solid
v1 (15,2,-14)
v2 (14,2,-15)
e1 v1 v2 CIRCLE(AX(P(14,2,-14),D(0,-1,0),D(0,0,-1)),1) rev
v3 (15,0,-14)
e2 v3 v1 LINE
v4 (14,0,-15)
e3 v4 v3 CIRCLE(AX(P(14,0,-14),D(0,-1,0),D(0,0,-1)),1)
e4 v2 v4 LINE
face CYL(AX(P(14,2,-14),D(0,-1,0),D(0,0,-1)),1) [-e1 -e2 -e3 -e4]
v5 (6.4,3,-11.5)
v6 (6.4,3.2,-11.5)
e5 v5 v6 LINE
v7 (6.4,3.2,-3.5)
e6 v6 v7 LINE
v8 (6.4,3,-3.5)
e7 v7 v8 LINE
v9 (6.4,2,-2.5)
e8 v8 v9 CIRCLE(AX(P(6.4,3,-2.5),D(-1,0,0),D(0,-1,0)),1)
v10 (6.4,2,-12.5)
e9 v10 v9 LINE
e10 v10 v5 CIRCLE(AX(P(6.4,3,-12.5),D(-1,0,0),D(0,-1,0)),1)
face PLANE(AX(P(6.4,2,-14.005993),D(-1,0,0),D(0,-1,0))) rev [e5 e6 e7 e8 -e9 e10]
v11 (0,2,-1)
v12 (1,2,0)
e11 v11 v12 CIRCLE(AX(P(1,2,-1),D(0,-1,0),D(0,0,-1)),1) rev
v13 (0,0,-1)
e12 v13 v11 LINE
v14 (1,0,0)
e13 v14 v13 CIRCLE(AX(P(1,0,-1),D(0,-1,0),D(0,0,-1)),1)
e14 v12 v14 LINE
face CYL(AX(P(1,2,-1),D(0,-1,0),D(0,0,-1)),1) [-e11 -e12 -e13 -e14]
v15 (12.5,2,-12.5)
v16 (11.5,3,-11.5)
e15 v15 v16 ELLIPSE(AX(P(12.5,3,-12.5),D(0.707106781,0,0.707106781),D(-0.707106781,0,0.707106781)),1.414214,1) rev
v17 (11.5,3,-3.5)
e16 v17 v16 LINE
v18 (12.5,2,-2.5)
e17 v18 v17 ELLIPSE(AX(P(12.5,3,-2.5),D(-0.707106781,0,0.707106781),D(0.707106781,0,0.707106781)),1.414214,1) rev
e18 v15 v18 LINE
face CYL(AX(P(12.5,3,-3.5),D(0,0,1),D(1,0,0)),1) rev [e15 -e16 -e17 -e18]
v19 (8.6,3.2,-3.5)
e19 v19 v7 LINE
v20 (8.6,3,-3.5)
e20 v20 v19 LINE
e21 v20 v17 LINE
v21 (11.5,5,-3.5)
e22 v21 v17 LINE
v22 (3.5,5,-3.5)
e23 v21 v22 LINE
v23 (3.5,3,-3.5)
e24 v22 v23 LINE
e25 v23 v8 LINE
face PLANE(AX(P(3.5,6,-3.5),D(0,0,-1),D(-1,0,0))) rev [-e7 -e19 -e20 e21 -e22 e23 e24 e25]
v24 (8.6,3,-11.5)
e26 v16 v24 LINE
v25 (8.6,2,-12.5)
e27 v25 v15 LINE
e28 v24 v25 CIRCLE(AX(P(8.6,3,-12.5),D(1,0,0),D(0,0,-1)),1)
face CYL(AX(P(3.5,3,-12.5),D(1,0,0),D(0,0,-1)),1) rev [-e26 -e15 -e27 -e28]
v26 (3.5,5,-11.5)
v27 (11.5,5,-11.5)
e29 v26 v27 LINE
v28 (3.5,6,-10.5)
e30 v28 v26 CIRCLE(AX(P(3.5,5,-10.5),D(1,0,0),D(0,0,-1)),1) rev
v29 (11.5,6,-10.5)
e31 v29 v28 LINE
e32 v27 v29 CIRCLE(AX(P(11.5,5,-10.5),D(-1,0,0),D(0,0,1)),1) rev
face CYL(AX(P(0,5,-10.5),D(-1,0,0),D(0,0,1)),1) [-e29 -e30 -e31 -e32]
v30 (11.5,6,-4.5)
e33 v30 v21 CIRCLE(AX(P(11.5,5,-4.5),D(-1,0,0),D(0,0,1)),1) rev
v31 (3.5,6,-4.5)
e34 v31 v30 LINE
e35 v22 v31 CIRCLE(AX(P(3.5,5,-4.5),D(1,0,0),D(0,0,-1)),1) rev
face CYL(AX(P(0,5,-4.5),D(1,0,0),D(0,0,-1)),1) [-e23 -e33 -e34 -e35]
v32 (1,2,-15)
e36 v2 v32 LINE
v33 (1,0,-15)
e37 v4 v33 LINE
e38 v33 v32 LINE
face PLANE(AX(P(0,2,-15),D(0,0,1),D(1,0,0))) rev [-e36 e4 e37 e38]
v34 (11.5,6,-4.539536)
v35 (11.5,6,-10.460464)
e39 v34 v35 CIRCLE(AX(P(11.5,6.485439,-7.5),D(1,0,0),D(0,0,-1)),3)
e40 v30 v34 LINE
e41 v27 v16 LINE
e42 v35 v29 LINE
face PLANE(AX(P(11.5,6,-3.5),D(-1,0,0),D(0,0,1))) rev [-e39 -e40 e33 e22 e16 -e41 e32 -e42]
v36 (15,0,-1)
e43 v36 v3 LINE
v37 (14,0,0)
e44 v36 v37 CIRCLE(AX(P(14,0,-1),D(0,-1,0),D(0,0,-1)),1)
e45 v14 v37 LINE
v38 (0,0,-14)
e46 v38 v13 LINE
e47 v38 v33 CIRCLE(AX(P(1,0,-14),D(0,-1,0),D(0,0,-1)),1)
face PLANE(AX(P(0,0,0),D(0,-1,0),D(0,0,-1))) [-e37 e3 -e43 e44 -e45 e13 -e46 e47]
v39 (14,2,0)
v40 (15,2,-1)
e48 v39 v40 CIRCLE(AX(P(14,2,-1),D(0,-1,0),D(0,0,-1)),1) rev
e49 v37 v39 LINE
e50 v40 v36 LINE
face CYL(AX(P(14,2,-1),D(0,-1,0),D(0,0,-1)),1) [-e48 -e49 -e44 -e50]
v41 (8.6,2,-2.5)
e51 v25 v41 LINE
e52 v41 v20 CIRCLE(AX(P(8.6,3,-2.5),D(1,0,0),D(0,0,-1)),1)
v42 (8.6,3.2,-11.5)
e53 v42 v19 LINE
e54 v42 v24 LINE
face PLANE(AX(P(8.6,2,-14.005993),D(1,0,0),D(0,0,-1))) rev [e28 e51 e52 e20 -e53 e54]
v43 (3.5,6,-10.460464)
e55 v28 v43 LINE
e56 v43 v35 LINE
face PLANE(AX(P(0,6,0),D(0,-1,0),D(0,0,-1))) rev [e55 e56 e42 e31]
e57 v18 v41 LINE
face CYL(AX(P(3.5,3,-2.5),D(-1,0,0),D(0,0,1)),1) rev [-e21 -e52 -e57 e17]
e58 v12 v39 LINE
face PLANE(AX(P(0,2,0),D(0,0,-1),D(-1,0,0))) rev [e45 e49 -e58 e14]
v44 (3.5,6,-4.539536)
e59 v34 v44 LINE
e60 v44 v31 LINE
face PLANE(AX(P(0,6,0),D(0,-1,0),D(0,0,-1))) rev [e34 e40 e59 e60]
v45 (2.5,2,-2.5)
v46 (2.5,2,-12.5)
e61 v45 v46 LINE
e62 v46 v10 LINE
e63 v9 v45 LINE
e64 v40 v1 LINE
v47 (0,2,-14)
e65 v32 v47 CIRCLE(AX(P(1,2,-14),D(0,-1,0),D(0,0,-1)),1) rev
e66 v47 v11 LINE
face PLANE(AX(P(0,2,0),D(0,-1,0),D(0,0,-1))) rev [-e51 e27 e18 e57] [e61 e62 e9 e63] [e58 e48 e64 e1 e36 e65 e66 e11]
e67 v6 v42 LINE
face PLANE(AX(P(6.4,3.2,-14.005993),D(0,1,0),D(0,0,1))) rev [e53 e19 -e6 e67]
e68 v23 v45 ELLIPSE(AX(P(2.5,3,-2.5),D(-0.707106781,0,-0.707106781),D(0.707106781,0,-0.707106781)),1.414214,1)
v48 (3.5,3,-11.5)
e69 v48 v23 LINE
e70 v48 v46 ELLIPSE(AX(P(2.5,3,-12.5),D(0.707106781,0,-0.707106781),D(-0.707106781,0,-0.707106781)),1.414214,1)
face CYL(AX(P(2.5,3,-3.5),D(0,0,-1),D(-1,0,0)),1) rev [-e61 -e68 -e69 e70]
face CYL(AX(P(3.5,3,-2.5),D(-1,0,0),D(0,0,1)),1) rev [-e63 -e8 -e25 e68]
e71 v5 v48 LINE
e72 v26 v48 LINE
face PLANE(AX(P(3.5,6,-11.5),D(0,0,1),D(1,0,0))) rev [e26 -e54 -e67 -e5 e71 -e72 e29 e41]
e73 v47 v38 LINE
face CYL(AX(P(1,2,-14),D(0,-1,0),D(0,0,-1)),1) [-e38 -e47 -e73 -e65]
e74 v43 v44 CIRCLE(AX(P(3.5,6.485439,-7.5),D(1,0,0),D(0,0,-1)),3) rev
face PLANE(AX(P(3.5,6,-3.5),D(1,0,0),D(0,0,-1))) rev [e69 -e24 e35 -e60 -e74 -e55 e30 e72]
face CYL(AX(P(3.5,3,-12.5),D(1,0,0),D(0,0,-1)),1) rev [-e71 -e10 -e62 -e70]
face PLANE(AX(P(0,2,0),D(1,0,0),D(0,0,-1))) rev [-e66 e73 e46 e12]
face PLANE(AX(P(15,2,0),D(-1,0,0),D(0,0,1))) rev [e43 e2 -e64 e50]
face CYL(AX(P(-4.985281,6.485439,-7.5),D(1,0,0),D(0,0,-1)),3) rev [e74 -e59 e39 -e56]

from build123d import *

# Parameters (mm, degrees)
CROQUIS1_W              = 15
CROQUIS1_H              = 15
SALIENTE_EXTRUIR1_DEPTH = 2
CROQUIS2_W              = 8
CROQUIS2_H              = 8
SALIENTE_EXTRUIR2_DEPTH = 4
CROQUIS3_R              = 3
CORTAR_EXTRUIR1_DEPTH   = 8
CROQUIS4_W              = 2.2
CROQUIS4_H              = 1.2
CORTAR_EXTRUIR3_DEPTH   = 8
REDONDEO1_R             = 1


with BuildPart() as part:
    # Croquis1 → Saliente-Extruir1 (new body)
    with BuildSketch(Plane(origin=(0, 0, 0), x_dir=(1, 0, 0), z_dir=(0, 1, 0))):
        with Locations((7.5, 7.5)):
            Rectangle(CROQUIS1_W, CROQUIS1_H)
    extrude(amount=SALIENTE_EXTRUIR1_DEPTH)

    # Croquis2 → Saliente-Extruir2 (add)
    with BuildSketch(Plane(origin=(0, 2, 0), x_dir=(1, 0, 0), z_dir=(0, 1, 0))):
        with Locations((7.5, 7.5)):
            Rectangle(CROQUIS2_W, CROQUIS2_H)
    extrude(amount=SALIENTE_EXTRUIR2_DEPTH)

    # Croquis3 → Cortar-Extruir1 (cut)
    with BuildSketch(Plane(origin=(11.5, 0, 0), x_dir=(0, 0, -1), z_dir=(1, 0, 0))):
        with Locations((7.5, 6.485438982)):
            Circle(CROQUIS3_R)
    extrude(amount=-CORTAR_EXTRUIR1_DEPTH, mode=Mode.SUBTRACT)

    # Croquis4 → Cortar-Extruir3 (cut)
    with BuildSketch(Plane.XY.offset(-3.5)):
        with Locations((7.5, 2.6)):
            Rectangle(CROQUIS4_W, CROQUIS4_H)
    extrude(amount=-CORTAR_EXTRUIR3_DEPTH, mode=Mode.SUBTRACT)

    # Redondeo1
    redondeo1_edges = [part.edges().sort_by_distance(p)[0] for p in [
        (11.5, 2, -7.5),
        (10.05, 2, -11.5),
        (3.5, 2, -7.5),
        (4.95, 2, -3.5),
        (7.5, 6, -11.5),
        (7.5, 6, -3.5),
        (10.05, 2, -3.5),
        (4.95, 2, -11.5),
        (0, 1, -15),
        (15, 1, -15),
        (15, 1, 0),
        (0, 1, 0),
    ]]
    fillet(redondeo1_edges, radius=REDONDEO1_R)


solid = part.part
